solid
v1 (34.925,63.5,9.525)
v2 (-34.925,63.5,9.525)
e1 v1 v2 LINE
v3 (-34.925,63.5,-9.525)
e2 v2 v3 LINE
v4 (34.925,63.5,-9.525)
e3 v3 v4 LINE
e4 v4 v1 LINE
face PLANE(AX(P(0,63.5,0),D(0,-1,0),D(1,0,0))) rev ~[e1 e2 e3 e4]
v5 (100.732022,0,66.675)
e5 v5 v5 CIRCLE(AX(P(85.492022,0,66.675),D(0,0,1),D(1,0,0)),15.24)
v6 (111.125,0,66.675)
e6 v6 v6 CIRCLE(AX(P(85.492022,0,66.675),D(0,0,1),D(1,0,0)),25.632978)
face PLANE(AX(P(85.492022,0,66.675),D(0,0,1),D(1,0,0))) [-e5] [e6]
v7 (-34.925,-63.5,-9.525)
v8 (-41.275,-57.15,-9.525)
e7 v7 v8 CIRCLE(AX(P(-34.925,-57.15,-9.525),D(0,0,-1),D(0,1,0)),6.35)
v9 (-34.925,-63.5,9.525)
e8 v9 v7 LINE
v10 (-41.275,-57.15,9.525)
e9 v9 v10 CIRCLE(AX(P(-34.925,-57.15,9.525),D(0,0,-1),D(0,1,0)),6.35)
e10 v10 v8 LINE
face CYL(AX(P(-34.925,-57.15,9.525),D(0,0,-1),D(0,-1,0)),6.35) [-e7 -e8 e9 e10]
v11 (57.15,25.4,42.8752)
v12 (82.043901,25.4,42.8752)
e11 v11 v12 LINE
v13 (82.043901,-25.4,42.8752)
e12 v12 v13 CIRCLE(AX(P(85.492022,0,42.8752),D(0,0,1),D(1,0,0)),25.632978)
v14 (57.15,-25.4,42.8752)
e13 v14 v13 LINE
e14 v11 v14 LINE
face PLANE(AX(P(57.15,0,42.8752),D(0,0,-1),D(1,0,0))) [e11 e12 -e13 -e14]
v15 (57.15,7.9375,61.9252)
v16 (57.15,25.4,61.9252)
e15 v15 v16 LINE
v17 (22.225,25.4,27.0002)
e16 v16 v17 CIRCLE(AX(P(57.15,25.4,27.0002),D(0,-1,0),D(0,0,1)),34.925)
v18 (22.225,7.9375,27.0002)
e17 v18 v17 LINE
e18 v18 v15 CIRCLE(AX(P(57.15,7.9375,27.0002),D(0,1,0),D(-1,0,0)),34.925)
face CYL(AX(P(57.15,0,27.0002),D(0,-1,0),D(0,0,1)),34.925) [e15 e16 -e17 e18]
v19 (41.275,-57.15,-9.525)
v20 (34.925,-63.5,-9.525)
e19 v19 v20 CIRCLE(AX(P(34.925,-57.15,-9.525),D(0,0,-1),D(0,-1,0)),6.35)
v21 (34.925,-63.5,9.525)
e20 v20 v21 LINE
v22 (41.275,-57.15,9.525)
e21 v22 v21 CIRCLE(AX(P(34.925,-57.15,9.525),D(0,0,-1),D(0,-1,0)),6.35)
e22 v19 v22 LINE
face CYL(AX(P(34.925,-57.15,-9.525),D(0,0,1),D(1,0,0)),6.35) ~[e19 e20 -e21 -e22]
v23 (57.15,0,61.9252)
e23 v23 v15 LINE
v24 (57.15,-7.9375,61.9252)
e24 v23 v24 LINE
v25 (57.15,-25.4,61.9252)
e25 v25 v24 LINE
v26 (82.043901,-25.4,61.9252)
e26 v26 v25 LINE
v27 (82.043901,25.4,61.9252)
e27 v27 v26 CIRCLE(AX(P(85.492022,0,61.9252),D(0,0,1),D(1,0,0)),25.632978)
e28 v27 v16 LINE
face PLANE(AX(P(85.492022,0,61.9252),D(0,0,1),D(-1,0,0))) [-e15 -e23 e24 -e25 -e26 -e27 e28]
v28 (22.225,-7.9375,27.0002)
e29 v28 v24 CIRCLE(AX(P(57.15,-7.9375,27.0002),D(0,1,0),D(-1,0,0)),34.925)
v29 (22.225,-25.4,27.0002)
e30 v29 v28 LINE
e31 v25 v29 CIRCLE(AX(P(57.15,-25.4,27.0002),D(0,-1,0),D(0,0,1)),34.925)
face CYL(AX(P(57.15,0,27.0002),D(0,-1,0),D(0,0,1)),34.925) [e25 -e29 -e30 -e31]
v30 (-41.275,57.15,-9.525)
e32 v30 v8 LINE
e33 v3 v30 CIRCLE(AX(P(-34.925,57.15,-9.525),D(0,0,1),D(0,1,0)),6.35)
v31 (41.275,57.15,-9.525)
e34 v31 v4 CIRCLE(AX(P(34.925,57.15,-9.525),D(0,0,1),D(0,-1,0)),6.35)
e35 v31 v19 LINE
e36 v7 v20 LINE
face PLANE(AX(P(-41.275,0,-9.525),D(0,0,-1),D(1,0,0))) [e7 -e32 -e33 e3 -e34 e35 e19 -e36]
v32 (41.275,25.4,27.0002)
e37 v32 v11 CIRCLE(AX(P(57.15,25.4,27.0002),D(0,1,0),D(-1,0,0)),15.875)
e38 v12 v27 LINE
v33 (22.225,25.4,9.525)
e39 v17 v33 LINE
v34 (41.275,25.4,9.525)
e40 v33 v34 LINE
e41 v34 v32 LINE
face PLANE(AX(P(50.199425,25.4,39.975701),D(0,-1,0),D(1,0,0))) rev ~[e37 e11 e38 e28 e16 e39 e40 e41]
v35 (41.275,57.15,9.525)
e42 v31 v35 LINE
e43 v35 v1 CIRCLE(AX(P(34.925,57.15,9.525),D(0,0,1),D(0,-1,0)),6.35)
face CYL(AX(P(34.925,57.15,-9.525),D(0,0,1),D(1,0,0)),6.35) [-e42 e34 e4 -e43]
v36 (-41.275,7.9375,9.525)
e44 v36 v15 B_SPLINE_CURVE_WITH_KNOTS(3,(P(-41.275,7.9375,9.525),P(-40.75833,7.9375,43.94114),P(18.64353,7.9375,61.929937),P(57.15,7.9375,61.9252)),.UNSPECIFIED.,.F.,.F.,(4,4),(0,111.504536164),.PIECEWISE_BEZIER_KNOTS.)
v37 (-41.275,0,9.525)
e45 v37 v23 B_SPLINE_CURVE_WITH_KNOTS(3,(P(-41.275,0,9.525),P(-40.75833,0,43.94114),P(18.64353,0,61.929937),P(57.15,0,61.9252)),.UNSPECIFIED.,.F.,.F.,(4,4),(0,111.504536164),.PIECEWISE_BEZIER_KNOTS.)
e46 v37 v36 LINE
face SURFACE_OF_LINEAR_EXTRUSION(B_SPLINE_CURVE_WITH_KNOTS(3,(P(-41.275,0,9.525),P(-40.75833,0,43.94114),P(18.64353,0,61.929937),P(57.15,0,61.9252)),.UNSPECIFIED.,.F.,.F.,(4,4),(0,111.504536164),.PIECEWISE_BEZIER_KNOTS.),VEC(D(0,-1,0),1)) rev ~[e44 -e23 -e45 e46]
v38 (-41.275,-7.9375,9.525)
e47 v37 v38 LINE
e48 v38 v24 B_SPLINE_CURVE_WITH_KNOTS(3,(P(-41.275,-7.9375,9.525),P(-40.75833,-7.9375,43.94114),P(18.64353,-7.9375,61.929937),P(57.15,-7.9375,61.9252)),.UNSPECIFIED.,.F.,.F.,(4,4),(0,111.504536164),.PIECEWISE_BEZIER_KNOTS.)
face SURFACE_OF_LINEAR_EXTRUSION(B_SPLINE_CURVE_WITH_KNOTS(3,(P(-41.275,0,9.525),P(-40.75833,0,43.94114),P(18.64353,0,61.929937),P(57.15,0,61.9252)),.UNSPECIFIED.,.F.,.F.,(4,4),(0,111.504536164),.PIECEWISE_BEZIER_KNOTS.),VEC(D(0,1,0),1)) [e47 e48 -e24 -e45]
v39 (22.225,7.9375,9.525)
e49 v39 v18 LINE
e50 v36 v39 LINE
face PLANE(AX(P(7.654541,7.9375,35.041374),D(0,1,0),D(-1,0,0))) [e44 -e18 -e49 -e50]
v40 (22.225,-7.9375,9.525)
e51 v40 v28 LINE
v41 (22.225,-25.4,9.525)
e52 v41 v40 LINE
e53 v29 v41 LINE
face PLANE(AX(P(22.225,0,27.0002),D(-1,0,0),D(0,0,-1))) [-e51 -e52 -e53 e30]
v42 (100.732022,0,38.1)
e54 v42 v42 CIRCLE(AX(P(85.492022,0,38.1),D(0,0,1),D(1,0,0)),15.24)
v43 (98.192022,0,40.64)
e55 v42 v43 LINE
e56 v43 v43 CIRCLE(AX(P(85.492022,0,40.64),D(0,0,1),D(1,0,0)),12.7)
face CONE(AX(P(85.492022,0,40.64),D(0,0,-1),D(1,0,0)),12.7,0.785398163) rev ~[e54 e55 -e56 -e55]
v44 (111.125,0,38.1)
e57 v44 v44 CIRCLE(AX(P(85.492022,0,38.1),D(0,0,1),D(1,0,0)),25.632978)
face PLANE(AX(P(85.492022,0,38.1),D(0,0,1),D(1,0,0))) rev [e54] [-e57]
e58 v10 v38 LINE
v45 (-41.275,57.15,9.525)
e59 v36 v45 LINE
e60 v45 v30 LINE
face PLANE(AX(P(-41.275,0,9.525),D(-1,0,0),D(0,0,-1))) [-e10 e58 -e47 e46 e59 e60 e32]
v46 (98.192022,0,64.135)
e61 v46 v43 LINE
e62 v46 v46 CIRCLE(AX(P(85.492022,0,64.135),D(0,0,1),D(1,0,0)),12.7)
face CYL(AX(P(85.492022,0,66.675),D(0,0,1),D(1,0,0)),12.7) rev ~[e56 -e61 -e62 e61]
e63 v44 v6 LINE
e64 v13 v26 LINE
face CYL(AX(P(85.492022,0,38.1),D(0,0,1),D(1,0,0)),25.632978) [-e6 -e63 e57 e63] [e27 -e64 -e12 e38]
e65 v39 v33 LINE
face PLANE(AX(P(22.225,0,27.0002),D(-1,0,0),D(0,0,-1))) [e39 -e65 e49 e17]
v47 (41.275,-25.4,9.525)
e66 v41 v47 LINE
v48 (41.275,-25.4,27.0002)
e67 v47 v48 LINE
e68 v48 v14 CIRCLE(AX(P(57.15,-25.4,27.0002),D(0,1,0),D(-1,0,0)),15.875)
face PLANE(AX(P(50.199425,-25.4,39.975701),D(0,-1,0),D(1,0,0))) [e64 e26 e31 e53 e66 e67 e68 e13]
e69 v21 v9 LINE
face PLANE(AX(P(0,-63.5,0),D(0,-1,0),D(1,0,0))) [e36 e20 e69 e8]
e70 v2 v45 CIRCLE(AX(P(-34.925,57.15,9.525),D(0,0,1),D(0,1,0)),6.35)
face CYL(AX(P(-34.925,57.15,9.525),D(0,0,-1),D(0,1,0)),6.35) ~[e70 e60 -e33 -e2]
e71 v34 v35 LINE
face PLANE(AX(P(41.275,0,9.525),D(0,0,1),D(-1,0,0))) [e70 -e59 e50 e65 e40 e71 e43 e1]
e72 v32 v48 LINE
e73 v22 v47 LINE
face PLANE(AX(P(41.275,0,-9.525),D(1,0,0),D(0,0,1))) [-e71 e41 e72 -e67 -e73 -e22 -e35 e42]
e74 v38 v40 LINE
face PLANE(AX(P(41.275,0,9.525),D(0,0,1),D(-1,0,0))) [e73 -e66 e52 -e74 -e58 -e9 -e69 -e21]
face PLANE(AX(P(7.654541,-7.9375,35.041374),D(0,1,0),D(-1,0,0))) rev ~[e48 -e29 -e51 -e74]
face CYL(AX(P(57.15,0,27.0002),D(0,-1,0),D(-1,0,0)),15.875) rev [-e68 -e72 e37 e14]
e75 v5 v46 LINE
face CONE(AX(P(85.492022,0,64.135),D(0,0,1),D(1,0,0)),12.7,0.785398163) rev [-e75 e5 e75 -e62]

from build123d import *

# Parameters (mm, degrees)
F1_DEPTH = 63.5
F2_DEPTH = 25.4
F3_DEPTH = 7.9375
F5_R     = 6.35
F6_R     = 12.7
F7_DEPTH = 76.201
F8_SIZE  = 2.54


with BuildPart() as f1:
    # F0 (on Front) → F1 (new body, symmetric)
    with BuildSketch(Plane.XZ):
        Polygon((-41.275, 9.525), (-41.275, -9.525), (41.275, -9.525), (41.275, 9.525), (22.225, 9.525), align=None)
    extrude(amount=F1_DEPTH, both=True)

    # F0 (on Front) → F2 (join, symmetric)
    with BuildSketch(Plane.XZ):
        with BuildLine():
            Line((22.225, 9.525), (41.275, 9.525))
            Line((41.275, 9.525), (41.275, 27.0002))
            ThreePointArc((41.275, 27.0002), (45.9246798487, 38.2255201513), (57.15, 42.8752))
            Line((57.15, 42.8752), (60.325, 42.8752))
            Line((60.325, 42.8752), (85.4920223873, 42.8752))
            Line((85.4920223873, 42.8752), (85.4920223873, 61.9252))
            Line((85.4920223873, 61.9252), (60.325, 61.9252))
            Line((60.325, 61.9252), (57.15, 61.9252))
            ThreePointArc((57.15, 61.9252), (32.4542956671, 51.6959043329), (22.225, 27.0002))
            Line((22.225, 27.0002), (22.225, 9.525))
        make_face()
    extrude(amount=F2_DEPTH, both=True)

    # F0 (on Front) → F3 (join, symmetric)
    with BuildSketch(Plane.XZ):
        with BuildLine():
            add(Edge.make_bspline(
                [(-41.275, 9.525), (-40.758330375, 43.9411401749), (18.6435300857, 61.9299374521), (57.15, 61.9252)],
                knots=[0, 0, 0, 0, 111.5045361635, 111.5045361635, 111.5045361635, 111.5045361635], degree=3))
            Line((-41.275, 9.525), (22.225, 9.525))
            Line((22.225, 9.525), (22.225, 27.0002))
            ThreePointArc((22.225, 27.0002), (32.4542956671, 51.6959043329), (57.15, 61.9252))
        make_face()
    extrude(amount=F3_DEPTH, both=True)

    # F0 (on Front) → F4 (revolve)
    with BuildSketch(Plane.XZ):
        Polygon((85.4920223873, 66.675), (85.4920223873, 61.9252), (85.4920223873, 42.8752), (85.4920223873, 38.1), (111.125, 38.1), (111.125, 66.675), align=None)
    revolve(axis=Axis((85.4920223873, 0, 52.4002), (0, 0, 1)))

    # F5
    f5_edges = [f1.edges().sort_by_distance(p)[0] for p in [
        (-41.275, -63.5, 0),
        (41.275, -63.5, 0),
        (41.275, 63.5, 0),
        (-41.275, 63.5, 0),
    ]]
    fillet(f5_edges, radius=F5_R)

    # F6 (on face) → F7 (cut, through all)
    with BuildSketch(Plane.XY.offset(66.675)):
        with Locations((85.4920223873, 0)):
            Circle(F6_R)
    extrude(amount=-F7_DEPTH, mode=Mode.SUBTRACT)

    # F8
    f8_edges = [f1.edges().sort_by_distance(p)[0] for p in [
        (72.792022, 0, 66.675),
        (72.792022, 0, 38.1),
    ]]
    chamfer(f8_edges, length=F8_SIZE)


solid = f1.part
